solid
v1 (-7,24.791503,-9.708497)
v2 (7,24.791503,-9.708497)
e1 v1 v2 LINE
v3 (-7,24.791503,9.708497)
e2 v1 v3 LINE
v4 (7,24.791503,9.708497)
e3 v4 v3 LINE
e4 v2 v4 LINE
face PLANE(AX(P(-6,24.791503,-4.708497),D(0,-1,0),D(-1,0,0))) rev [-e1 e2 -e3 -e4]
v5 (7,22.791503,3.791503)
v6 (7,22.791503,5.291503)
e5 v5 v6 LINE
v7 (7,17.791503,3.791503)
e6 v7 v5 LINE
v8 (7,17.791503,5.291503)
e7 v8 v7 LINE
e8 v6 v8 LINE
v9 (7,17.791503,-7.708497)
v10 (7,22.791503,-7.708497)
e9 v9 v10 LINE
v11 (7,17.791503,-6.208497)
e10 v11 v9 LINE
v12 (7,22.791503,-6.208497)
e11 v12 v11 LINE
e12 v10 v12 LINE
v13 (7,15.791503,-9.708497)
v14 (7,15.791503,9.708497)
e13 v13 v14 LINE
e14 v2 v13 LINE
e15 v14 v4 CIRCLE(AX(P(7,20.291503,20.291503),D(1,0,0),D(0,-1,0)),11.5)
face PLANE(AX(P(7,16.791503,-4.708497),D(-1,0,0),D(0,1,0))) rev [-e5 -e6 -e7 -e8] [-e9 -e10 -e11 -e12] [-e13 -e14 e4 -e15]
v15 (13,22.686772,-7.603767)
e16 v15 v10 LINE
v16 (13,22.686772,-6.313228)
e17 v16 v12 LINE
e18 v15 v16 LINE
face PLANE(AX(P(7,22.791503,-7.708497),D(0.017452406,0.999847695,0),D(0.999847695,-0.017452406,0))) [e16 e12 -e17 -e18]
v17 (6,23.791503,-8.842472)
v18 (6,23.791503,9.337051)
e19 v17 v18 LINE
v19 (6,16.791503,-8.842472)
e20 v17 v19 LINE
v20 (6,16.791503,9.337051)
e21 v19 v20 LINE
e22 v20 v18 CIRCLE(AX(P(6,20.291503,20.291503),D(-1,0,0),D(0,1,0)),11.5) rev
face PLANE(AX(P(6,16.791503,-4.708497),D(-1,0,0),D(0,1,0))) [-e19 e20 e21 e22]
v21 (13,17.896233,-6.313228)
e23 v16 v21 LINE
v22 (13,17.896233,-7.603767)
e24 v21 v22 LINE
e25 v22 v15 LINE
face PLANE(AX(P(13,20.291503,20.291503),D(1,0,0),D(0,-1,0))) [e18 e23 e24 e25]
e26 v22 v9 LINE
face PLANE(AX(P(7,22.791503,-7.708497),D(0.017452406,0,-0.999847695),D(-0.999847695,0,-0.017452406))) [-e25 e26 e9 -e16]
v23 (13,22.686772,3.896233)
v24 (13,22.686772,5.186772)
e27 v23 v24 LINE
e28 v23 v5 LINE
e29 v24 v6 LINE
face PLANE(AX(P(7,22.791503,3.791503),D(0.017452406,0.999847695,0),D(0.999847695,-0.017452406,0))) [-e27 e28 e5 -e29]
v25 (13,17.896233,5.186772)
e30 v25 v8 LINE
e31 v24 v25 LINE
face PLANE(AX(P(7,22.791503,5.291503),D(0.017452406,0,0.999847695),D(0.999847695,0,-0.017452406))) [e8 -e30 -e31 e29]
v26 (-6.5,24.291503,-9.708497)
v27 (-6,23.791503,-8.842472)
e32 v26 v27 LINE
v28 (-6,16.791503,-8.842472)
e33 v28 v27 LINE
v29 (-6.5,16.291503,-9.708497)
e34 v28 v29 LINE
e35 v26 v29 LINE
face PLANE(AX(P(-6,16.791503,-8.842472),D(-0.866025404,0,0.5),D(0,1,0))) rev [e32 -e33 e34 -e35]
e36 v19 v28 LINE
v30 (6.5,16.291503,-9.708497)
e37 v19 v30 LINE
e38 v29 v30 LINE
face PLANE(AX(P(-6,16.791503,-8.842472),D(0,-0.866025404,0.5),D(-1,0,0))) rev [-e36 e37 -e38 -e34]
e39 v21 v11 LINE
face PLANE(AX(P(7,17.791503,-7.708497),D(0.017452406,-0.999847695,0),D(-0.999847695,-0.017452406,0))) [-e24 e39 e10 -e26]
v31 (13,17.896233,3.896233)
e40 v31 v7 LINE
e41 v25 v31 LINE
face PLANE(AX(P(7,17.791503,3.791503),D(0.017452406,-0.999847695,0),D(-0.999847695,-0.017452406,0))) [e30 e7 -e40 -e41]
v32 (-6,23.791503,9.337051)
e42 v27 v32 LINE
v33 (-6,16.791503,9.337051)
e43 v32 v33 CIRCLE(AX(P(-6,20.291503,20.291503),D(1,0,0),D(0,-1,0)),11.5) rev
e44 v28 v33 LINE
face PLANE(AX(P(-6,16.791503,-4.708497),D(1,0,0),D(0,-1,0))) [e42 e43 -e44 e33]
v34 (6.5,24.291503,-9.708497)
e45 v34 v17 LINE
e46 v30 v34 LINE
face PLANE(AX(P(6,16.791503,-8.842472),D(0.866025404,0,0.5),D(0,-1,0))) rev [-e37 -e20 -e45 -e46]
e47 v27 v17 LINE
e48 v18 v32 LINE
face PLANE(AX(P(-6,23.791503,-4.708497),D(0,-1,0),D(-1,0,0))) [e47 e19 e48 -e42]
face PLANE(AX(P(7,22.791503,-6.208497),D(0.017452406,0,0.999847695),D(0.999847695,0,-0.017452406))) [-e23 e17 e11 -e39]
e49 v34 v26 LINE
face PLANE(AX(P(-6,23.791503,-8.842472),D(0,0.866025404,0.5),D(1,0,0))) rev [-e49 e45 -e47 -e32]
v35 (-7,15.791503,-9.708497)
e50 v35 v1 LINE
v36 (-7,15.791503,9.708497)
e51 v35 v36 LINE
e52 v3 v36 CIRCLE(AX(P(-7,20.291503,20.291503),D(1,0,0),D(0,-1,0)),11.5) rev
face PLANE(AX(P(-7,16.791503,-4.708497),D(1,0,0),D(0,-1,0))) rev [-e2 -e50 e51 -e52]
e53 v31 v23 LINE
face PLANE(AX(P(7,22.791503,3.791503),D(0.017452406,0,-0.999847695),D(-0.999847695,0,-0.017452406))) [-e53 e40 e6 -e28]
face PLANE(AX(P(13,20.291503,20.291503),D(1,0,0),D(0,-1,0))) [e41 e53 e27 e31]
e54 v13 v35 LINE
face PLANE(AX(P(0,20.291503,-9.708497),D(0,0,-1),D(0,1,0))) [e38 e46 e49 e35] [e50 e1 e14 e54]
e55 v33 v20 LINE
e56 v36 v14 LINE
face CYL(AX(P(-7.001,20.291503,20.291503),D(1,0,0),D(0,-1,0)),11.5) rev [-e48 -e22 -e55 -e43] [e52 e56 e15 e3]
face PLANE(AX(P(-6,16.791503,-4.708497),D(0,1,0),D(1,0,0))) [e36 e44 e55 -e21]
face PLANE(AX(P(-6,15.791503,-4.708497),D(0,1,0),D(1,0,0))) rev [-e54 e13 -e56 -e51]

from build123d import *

# Parameters (mm, degrees)
SKETCH9_W                     = 12
SKETCH9_H                     = 7
BOSS_EXTRUDE5_DEPTH           = 25
SHELL6_T                      = 1
CUT_EXTRUDE2_REACH            = 31.004
SKETCH12_R                    = 11.5
SKETCH14_W                    = 14
SKETCH14_H                    = 9
SKETCH14_W_2                  = 12
SKETCH14_H_2                  = 7
BOSS_EXTRUDE6_DEPTH           = 5
CHAMFER2_SIZE                 = 0.5
CHAMFER2_SIZE2                = 0.866025404
SKETCH16_W                    = 5
SKETCH16_H                    = 1.5
BOSS_EXTRUDE7_DEPTH           = 6
BOSS_EXTRUDE7_DRAFT           = 1
BOSS_EXTRUDE7_PROFILE_2_DEPTH = 6
BOSS_EXTRUDE7_PROFILE_2_DRAFT = 1
BODY_MOVE_COPY1_ANGLE         = 90


with BuildPart() as part:
    # Sketch9 → Boss-Extrude5 (new body)
    with BuildSketch(Plane(origin=(0, 0, 0), x_dir=(1, 0, 0), z_dir=(0, 1, 0))):
        Rectangle(SKETCH9_W, SKETCH9_H)
    extrude(amount=BOSS_EXTRUDE5_DEPTH)

    # Shell6
    shell6_openings = [part.faces().sort_by_distance(p)[0] for p in [
        (0, 0, 0),
        (0, 25, 0),
    ]]
    offset(amount=SHELL6_T, openings=shell6_openings, kind=Kind.INTERSECTION)

    # Sketch12 → Cut-Extrude2 (cut, up to next)
    with BuildSketch(Plane(origin=(7, 0, 0), x_dir=(0, 0, -1), z_dir=(1, 0, 0)), mode=Mode.PRIVATE) as cut_extrude2_sk1:
        Circle(SKETCH12_R)
    cut_extrude2_tool1 = extrude(cut_extrude2_sk1.sketch, amount=-CUT_EXTRUDE2_REACH, mode=Mode.PRIVATE) & part.part
    add(cut_extrude2_tool1.solids().sort_by_distance((7, 0, 0))[0], mode=Mode.SUBTRACT)

    # Sketch14 → Boss-Extrude6 (add)
    with BuildSketch(Plane(origin=(0, 25, 0), x_dir=(1, 0, 0), z_dir=(0, 1, 0))):
        Rectangle(SKETCH14_W, SKETCH14_H)
        Rectangle(SKETCH14_W_2, SKETCH14_H_2, mode=Mode.SUBTRACT)
    extrude(amount=BOSS_EXTRUDE6_DEPTH)

    # Chamfer2
    chamfer2_edges = [part.edges().sort_by_distance(p)[0] for p in [
        (6, 30, 0),
        (0, 30, -3.5),
        (-6, 30, 0),
        (0, 30, 3.5),
    ]]
    chamfer2_side = [part.faces().sort_by_distance(p)[0] for p in [
        (0, 30, -4.33356683),
    ]]
    chamfer(chamfer2_edges, length=CHAMFER2_SIZE, length2=CHAMFER2_SIZE2, reference=chamfer2_side[0])


with BuildPart() as boss_extrude7_tool:
    # Sketch16 → Boss-Extrude7 (with draft: the straight prism first)
    with BuildSketch(Plane(origin=(7, 0, 0), x_dir=(0, 0, -1), z_dir=(1, 0, 0))):
        with Locations((0, 27.25)):
            Rectangle(SKETCH16_W, SKETCH16_H)
    extrude(amount=BOSS_EXTRUDE7_DEPTH)
    # Boss-Extrude7: the draft: its side faces are tilted about the plane it starts from
    boss_extrude7_sides = [boss_extrude7_tool.faces().sort_by_distance(p)[0] for p in [
        (10, 27.25, 2.5),
        (10, 26.5, 0),
        (10, 27.25, -2.5),
        (10, 28, 0),
    ]]
    draft(boss_extrude7_sides, Plane(origin=(7, 0, 0), x_dir=(0, 0, -1), z_dir=(1, 0, 0)), BOSS_EXTRUDE7_DRAFT)


with BuildPart() as part_1:
    add(part.part)

    # Boss-Extrude7: add boss_extrude7_tool
    add(boss_extrude7_tool.part)


with BuildPart() as boss_extrude7_profile_2_tool:
    # Sketch16 → Boss-Extrude7 profile 2 (with draft: the straight prism first)
    with BuildSketch(Plane(origin=(7, 0, 0), x_dir=(0, 0, -1), z_dir=(1, 0, 0))):
        with Locations((0, 15.75)):
            Rectangle(SKETCH16_W, SKETCH16_H)
    extrude(amount=BOSS_EXTRUDE7_PROFILE_2_DEPTH)
    # Boss-Extrude7 profile 2: the draft: its side faces are tilted about the plane it starts from
    boss_extrude7_profile_2_sides = [boss_extrude7_profile_2_tool.faces().sort_by_distance(p)[0] for p in [
        (10, 15.75, 2.5),
        (10, 15, 0),
        (10, 15.75, -2.5),
        (10, 16.5, 0),
    ]]
    draft(boss_extrude7_profile_2_sides, Plane(origin=(7, 0, 0), x_dir=(0, 0, -1), z_dir=(1, 0, 0)), BOSS_EXTRUDE7_PROFILE_2_DRAFT)


with BuildPart() as part_2:
    add(part_1.part)

    # Boss-Extrude7 profile 2: add boss_extrude7_profile_2_tool
    add(boss_extrude7_profile_2_tool.part)


with BuildPart() as part_3:
    # Body-Move/Copy1: moved
    add(part_2.part.rotate(Axis((0, 20.291502622, 0), (-1, 0, 0)), BODY_MOVE_COPY1_ANGLE))


solid = part_3.part
